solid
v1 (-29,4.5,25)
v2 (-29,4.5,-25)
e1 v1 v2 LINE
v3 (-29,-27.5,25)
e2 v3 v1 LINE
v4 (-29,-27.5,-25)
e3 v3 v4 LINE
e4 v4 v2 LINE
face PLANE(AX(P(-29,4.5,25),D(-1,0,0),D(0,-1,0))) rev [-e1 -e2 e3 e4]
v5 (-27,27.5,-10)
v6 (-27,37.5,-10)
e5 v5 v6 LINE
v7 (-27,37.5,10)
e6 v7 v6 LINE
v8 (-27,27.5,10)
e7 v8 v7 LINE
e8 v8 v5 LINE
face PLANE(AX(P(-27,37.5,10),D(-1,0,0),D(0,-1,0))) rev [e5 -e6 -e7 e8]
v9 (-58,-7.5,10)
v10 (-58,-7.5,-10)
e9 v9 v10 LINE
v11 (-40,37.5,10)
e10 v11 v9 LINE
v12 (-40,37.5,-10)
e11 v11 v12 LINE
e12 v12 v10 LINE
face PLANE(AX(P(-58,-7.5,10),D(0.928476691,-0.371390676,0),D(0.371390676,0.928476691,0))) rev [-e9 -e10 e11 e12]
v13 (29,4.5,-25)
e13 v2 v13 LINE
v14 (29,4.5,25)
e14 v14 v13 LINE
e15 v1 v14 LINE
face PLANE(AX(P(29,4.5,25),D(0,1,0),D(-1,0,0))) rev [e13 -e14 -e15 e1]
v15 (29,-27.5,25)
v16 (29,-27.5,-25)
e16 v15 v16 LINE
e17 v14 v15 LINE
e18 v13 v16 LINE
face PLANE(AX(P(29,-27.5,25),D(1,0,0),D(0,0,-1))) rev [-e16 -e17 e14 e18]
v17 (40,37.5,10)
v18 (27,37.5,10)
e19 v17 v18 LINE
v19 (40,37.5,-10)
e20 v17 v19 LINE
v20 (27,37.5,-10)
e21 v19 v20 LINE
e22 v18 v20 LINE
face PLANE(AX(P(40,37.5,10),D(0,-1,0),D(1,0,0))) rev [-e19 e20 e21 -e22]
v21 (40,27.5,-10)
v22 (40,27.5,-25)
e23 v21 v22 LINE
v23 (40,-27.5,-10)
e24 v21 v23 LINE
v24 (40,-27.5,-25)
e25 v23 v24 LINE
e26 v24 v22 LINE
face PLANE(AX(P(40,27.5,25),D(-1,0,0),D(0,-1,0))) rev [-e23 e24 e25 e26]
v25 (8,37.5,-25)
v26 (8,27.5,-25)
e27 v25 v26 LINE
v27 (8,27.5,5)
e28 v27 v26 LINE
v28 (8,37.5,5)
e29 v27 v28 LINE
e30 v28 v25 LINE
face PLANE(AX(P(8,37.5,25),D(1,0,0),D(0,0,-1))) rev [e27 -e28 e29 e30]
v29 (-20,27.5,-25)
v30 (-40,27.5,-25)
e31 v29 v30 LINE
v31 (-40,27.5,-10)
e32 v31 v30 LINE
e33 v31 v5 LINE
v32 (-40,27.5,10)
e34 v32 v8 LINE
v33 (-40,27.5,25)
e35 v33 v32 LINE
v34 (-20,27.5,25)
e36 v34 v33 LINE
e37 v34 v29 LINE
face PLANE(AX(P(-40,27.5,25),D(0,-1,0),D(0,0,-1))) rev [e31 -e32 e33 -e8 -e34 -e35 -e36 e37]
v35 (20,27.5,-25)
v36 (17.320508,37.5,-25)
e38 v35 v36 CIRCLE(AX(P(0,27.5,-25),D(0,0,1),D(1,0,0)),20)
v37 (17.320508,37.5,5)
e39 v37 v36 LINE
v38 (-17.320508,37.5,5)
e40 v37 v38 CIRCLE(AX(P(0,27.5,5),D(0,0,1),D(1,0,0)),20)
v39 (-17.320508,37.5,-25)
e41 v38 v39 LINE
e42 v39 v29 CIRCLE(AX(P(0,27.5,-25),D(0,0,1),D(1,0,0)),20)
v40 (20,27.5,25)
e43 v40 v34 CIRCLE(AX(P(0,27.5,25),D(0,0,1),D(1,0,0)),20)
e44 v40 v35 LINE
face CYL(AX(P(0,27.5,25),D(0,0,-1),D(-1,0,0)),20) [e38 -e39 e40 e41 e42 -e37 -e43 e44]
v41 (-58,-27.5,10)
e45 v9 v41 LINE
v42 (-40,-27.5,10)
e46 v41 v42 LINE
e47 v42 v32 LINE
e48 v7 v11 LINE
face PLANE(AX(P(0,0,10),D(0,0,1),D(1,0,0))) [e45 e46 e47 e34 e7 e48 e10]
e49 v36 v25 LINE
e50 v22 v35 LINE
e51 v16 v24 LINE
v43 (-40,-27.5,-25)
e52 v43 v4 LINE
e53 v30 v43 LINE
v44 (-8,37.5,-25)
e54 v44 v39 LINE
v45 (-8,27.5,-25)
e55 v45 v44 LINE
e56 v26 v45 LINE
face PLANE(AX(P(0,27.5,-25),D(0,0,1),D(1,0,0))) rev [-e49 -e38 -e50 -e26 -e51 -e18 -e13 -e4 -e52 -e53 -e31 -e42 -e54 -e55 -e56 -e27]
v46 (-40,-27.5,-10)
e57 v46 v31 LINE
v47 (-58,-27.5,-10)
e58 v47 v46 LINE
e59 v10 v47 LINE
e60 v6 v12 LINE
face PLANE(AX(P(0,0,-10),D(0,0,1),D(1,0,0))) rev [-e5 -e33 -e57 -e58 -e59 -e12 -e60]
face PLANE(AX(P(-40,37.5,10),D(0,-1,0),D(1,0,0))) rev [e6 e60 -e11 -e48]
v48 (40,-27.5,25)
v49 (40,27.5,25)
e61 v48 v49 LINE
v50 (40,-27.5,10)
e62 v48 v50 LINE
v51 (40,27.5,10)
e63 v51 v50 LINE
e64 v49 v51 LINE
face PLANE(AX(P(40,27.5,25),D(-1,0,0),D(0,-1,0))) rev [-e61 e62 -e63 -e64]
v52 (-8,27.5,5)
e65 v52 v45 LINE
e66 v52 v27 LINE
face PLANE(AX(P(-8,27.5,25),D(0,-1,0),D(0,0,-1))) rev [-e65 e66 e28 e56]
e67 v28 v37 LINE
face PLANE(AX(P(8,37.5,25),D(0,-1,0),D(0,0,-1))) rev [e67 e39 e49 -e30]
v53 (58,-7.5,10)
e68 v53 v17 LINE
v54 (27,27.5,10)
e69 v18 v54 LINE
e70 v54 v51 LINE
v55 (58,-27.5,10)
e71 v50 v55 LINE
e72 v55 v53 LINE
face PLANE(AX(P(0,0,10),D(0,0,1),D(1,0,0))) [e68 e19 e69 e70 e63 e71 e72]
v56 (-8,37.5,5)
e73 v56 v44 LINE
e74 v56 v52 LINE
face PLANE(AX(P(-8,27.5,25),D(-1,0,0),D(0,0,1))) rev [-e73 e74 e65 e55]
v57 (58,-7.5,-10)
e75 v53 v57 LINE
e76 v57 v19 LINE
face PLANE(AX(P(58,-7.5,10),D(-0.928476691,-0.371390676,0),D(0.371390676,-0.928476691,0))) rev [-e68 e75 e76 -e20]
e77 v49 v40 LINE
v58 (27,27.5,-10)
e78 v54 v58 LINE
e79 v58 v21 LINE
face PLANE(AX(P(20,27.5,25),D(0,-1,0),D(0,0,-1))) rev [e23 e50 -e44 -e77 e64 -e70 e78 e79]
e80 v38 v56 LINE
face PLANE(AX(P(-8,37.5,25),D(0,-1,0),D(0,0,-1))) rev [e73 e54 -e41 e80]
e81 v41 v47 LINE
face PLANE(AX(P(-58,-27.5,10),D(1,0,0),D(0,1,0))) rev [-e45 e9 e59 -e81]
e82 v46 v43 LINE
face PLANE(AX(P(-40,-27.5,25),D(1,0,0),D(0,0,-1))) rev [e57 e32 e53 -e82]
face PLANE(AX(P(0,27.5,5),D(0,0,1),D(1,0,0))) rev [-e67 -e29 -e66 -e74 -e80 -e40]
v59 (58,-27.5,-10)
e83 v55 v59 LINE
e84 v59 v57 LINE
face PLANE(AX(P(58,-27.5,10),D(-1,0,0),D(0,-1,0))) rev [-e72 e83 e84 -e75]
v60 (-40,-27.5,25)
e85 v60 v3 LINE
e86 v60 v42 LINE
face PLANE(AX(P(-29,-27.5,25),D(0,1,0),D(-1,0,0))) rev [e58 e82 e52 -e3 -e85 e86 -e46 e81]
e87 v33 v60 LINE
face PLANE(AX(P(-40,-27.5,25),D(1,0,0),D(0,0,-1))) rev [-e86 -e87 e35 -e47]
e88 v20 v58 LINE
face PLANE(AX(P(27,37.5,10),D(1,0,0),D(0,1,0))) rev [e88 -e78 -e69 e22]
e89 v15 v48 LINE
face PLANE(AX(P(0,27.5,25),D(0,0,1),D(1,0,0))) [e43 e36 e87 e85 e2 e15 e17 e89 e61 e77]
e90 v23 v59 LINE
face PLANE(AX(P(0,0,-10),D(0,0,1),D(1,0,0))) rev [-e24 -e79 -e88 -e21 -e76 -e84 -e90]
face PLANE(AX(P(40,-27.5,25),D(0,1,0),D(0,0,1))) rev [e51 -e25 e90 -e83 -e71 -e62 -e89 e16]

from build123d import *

# Parameters (mm, degrees)
BOSS_EXTRUDE1_DEPTH = 25
BOSS_EXTRUDE2_DEPTH = 20
BOSS_EXTRUDE3_DEPTH = 10


with BuildPart() as part:
    # Sketch1 → Boss-Extrude1 (new, symmetric)
    with BuildSketch(Plane.XY):
        with BuildLine():
            Line((-40, -27.5), (-40, 27.5))
            Line((-40, 27.5), (-20, 27.5))
            ThreePointArc((-20, 27.5), (-19.318516526, 32.676380902), (-17.320508076, 37.5))
            Line((-17.320508076, 37.5), (-8, 37.5))
            Line((-8, 37.5), (-8, 27.5))
            Line((-8, 27.5), (8, 27.5))
            Line((8, 27.5), (8, 37.5))
            Line((8, 37.5), (17.320508076, 37.5))
            ThreePointArc((17.320508076, 37.5), (19.318516526, 32.676380902), (20, 27.5))
            Line((20, 27.5), (40, 27.5))
            Line((40, 27.5), (40, -27.5))
            Line((40, -27.5), (29, -27.5))
            Line((29, -27.5), (29, 4.5))
            Line((29, 4.5), (-29, 4.5))
            Line((-29, 4.5), (-29, -27.5))
            Line((-29, -27.5), (-40, -27.5))
        make_face()
    extrude(amount=BOSS_EXTRUDE1_DEPTH, both=True)

    # Sketch2 → Boss-Extrude2 (add)
    with BuildSketch(Plane.XY.offset(25)):
        with BuildLine():
            Line((17.320508076, 37.5), (8, 37.5))
            Line((8, 37.5), (8, 27.5))
            Line((8, 27.5), (-8, 27.5))
            Line((-8, 27.5), (-8, 37.5))
            Line((-8, 37.5), (-17.320508076, 37.5))
            ThreePointArc((-17.320508076, 37.5), (0, 47.5), (17.320508076, 37.5))
        make_face()
    extrude(amount=-BOSS_EXTRUDE2_DEPTH)

    # Sketch3 → Boss-Extrude3 (add, symmetric)
    with BuildSketch(Plane.XY):
        Polygon((-40, 27.5), (-40, -27.5), (-58, -27.5), (-58, -7.5), (-40, 37.5), (-27, 37.5), (-27, 27.5), align=None)
        Polygon((27, 27.5), (40, 27.5), (40, -27.5), (58, -27.5), (58, -7.5), (40, 37.5), (27, 37.5), align=None)
    extrude(amount=BOSS_EXTRUDE3_DEPTH, both=True)


solid = part.part
